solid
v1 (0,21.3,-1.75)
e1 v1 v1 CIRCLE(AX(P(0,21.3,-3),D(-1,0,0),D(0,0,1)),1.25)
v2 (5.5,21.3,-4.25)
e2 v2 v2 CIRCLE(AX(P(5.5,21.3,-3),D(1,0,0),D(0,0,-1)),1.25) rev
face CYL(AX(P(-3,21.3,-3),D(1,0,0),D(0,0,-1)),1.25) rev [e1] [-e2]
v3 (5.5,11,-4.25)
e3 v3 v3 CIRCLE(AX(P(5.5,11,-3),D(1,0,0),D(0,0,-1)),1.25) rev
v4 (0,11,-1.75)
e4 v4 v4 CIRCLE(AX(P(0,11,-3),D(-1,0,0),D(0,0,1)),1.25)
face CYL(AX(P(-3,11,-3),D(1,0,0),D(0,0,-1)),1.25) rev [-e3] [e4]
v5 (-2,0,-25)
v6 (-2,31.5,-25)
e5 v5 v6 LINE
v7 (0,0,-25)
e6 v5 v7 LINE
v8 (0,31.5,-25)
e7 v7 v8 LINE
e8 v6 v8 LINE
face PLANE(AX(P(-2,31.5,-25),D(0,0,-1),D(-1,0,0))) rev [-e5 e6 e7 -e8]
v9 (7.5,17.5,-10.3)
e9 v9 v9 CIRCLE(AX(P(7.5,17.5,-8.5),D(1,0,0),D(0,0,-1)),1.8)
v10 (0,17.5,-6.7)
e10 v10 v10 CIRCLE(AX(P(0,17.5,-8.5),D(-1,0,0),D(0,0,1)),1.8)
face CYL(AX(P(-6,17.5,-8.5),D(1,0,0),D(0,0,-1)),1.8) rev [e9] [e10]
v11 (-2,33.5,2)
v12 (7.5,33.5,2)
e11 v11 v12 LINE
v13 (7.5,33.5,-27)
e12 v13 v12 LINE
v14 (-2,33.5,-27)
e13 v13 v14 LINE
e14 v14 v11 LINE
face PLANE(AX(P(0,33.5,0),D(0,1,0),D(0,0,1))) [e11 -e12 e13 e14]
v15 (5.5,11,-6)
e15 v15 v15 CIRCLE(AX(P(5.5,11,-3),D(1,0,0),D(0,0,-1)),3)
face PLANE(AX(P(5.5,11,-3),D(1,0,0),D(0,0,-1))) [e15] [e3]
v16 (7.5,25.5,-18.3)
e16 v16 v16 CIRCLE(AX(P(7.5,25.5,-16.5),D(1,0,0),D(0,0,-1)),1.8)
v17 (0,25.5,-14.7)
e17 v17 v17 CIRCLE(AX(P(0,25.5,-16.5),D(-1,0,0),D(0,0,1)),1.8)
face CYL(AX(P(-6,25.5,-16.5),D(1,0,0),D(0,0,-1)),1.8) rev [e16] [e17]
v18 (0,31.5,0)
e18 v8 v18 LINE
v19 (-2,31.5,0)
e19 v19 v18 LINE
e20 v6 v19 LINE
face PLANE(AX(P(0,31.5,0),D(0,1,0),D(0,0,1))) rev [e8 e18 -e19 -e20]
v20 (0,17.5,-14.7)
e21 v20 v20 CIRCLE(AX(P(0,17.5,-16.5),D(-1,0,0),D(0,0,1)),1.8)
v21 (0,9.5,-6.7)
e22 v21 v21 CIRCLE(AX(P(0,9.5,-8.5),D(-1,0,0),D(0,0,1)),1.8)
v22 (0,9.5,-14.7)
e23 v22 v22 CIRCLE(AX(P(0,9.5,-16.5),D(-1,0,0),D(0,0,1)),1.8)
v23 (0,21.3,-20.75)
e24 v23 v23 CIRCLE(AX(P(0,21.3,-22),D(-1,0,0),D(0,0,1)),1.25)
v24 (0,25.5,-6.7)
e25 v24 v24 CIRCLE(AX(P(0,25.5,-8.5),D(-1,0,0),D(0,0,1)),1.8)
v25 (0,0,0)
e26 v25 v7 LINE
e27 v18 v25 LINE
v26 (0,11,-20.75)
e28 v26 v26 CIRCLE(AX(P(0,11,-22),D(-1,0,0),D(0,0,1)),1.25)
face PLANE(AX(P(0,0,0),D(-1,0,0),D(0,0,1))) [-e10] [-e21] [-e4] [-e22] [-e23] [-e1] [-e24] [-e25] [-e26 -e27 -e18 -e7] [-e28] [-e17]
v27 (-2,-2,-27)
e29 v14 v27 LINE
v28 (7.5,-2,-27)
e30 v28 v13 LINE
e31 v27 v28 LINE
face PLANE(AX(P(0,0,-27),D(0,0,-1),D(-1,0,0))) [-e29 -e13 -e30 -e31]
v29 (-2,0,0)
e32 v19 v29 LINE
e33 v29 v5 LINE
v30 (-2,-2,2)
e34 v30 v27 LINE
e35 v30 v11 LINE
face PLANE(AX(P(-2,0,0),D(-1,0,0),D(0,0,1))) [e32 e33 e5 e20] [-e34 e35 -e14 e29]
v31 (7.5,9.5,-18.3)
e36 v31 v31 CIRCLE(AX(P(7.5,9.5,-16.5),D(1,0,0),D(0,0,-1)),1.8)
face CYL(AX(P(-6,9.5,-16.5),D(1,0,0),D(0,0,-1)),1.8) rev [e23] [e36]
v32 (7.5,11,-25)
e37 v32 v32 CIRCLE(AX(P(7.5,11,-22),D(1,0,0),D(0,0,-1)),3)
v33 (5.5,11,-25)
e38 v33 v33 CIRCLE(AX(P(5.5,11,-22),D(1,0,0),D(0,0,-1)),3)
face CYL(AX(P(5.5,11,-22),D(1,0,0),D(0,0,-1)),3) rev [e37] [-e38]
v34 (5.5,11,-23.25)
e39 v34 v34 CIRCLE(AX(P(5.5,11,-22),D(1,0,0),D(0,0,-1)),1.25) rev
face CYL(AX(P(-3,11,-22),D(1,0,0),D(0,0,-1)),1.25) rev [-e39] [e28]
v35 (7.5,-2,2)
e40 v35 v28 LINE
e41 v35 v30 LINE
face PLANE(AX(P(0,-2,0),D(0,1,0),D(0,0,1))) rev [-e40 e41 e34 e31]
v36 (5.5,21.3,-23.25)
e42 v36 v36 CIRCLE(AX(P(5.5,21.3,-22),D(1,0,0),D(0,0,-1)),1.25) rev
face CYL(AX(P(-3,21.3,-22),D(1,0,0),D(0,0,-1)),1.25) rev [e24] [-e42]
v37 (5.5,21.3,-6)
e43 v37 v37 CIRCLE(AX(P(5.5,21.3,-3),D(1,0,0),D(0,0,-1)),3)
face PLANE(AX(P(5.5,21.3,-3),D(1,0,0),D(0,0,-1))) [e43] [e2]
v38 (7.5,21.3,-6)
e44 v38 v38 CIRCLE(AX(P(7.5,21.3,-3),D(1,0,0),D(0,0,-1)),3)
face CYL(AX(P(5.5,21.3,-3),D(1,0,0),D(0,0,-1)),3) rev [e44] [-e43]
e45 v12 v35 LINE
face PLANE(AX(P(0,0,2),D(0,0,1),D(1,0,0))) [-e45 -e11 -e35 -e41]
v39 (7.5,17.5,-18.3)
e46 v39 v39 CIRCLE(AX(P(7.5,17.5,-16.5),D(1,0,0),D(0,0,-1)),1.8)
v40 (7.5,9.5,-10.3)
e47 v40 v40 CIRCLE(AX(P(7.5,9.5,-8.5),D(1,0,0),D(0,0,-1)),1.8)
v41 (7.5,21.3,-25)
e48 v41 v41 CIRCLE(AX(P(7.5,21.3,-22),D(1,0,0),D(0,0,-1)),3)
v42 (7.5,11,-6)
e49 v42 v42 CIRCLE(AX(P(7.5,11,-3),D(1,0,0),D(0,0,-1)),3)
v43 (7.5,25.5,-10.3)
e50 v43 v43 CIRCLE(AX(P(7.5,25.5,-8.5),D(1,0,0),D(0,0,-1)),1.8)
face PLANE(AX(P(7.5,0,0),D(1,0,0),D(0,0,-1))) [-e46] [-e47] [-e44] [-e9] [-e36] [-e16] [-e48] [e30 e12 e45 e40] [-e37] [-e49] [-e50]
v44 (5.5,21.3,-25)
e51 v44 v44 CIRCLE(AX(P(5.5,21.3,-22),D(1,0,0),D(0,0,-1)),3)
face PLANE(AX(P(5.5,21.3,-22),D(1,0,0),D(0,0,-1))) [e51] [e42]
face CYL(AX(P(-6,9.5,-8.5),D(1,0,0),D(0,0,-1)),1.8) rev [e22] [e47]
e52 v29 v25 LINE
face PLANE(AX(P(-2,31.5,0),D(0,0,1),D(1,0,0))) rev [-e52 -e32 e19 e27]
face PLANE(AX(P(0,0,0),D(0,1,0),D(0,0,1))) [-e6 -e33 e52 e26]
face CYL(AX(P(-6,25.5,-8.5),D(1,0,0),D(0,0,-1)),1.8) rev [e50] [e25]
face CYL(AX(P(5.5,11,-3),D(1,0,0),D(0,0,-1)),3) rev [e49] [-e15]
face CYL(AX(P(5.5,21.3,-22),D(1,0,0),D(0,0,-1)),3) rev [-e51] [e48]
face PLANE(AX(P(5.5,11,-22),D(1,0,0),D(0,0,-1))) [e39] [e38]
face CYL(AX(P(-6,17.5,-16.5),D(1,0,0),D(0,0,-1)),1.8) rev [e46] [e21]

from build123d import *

# Parameters (mm, degrees)
SKETCH_1_W          = 25
SKETCH_1_H          = 31.5
EXTRUDE_1_DEPTH     = 2
SKETCH_2_R          = 1.25
CUT_EXTRUDE_1_DEPTH = 5
SKETCH_3_W          = 2
SKETCH_3_H          = 31.5
EXTRUDE_2_DEPTH     = 2
SKETCH_4_W          = 2
SKETCH_4_H          = 31.5
EXTRUDE_3_DEPTH     = 2
SKETCH_5_W          = 2
SKETCH_5_H          = 31.5
EXTRUDE_4_DEPTH     = 2
SKETCH_6_W          = 2
SKETCH_6_H          = 31.5
EXTRUDE_5_DEPTH     = 2
SKETCH_7_W          = 4
SKETCH_7_H          = 29
EXTRUDE_6_DEPTH     = 2
SKETCH_8_W          = 4
SKETCH_8_H          = 29
EXTRUDE_7_DEPTH     = 2
EXTRUDE_START       = 3
SKETCH_9_W          = 29
SKETCH_9_H          = 35.5
SKETCH_9_R          = 1.25
EXTRUDE_8_DEPTH     = 3
EXTRUDE_START_2     = 2.5
SKETCH_11_W         = 29
SKETCH_11_H         = 35.5
SKETCH_11_R         = 1.25
EXTRUDE_9_DEPTH     = 2.5
SKETCH_12_R         = 1.8
CUT_EXTRUDE_2_DEPTH = 13.5
SKETCH_13_R         = 3
CUT_EXTRUDE_3_DEPTH = 2


with BuildPart() as part:
    # 草圖1 → 填料-伸長1 (new body)
    with BuildSketch(Plane(origin=(0, 0, 0), x_dir=(0, 0, -1), z_dir=(1, 0, 0))):
        with Locations((12.5, 15.75)):
            Rectangle(SKETCH_1_W, SKETCH_1_H)
    extrude(amount=EXTRUDE_1_DEPTH)

    # 草圖2 → 除料-伸長1 (cut)
    with BuildSketch(Plane(origin=(2, 0, 0), x_dir=(0, 0, -1), z_dir=(1, 0, 0))):
        with Locations((22, 21.3)):
            Circle(SKETCH_2_R)
        with Locations((22, 11)):
            Circle(SKETCH_2_R)
        with Locations((3, 21.3)):
            Circle(SKETCH_2_R)
        with Locations((3, 11)):
            Circle(SKETCH_2_R)
    extrude(amount=-CUT_EXTRUDE_1_DEPTH, mode=Mode.SUBTRACT)

    # 草圖3 → 填料-伸長2 (add)
    with BuildSketch(Plane.XY):
        with Locations((1, 15.75)):
            Rectangle(SKETCH_3_W, SKETCH_3_H)
    extrude(amount=EXTRUDE_2_DEPTH)

    # 草圖4 → 填料-伸長3 (add)
    with BuildSketch(Plane(origin=(0, 0, -25), x_dir=(-1, 0, 0), z_dir=(0, 0, -1))):
        with Locations((-1, 15.75)):
            Rectangle(SKETCH_4_W, SKETCH_4_H)
    extrude(amount=EXTRUDE_3_DEPTH)

    # 草圖5 → 填料-伸長4 (add)
    with BuildSketch(Plane.ZY):
        with Locations((-26, 15.75)):
            Rectangle(SKETCH_5_W, SKETCH_5_H)
    extrude(amount=EXTRUDE_4_DEPTH)

    # 草圖6 → 填料-伸長5 (add)
    with BuildSketch(Plane.ZY):
        with Locations((1, 15.75)):
            Rectangle(SKETCH_6_W, SKETCH_6_H)
    extrude(amount=EXTRUDE_5_DEPTH)

    # 草圖7 → 填料-伸長6 (add)
    with BuildSketch(Plane(origin=(0, 31.5, 0), x_dir=(1, 0, 0), z_dir=(0, 1, 0))):
        with Locations((0, 12.5)):
            Rectangle(SKETCH_7_W, SKETCH_7_H)
    extrude(amount=EXTRUDE_6_DEPTH)

    # 草圖8 → 填料-伸長7 (add)
    with BuildSketch(Plane(origin=(0, 0, 0), x_dir=(-1, 0, 0), z_dir=(0, -1, 0))):
        with Locations((0, 12.5)):
            Rectangle(SKETCH_8_W, SKETCH_8_H)
    extrude(amount=EXTRUDE_7_DEPTH)

    # 草圖9 → 填料-伸長8 (add)
    with BuildSketch(Plane(origin=(2, 0, 0), x_dir=(0, 0, -1), z_dir=(1, 0, 0)).offset(EXTRUDE_START)):
        with Locations((12.5, 15.75)):
            Rectangle(SKETCH_9_W, SKETCH_9_H)
        with Locations((3, 21.3)):
            Circle(SKETCH_9_R, mode=Mode.SUBTRACT)
        with Locations((22, 21.3)):
            Circle(SKETCH_9_R, mode=Mode.SUBTRACT)
        with Locations((22, 11)):
            Circle(SKETCH_9_R, mode=Mode.SUBTRACT)
        with Locations((3, 11)):
            Circle(SKETCH_9_R, mode=Mode.SUBTRACT)
    extrude(amount=-EXTRUDE_8_DEPTH)

    # 草圖11 → 填料-伸長9 (add)
    with BuildSketch(Plane(origin=(5, 0, 0), x_dir=(0, 0, -1), z_dir=(1, 0, 0)).offset(EXTRUDE_START_2)):
        with Locations((12.5, 15.75)):
            Rectangle(SKETCH_11_W, SKETCH_11_H)
        with Locations((3, 21.3)):
            Circle(SKETCH_11_R, mode=Mode.SUBTRACT)
        with Locations((22, 21.3)):
            Circle(SKETCH_11_R, mode=Mode.SUBTRACT)
        with Locations((22, 11)):
            Circle(SKETCH_11_R, mode=Mode.SUBTRACT)
        with Locations((3, 11)):
            Circle(SKETCH_11_R, mode=Mode.SUBTRACT)
    extrude(amount=-EXTRUDE_9_DEPTH)

    # 草圖12 → 除料-伸長2 (cut)
    with BuildSketch(Plane(origin=(7.5, 0, 0), x_dir=(0, 0, -1), z_dir=(1, 0, 0))):
        with Locations((8.5, 25.5)):
            Circle(SKETCH_12_R)
        with Locations((16.5, 25.5)):
            Circle(SKETCH_12_R)
        with Locations((16.5, 17.5)):
            Circle(SKETCH_12_R)
        with Locations((16.5, 9.5)):
            Circle(SKETCH_12_R)
        with Locations((8.5, 9.5)):
            Circle(SKETCH_12_R)
        with Locations((8.5, 17.5)):
            Circle(SKETCH_12_R)
    extrude(amount=-CUT_EXTRUDE_2_DEPTH, mode=Mode.SUBTRACT)

    # 草圖13 → 除料-伸長3 (cut)
    with BuildSketch(Plane(origin=(7.5, 0, 0), x_dir=(0, 0, -1), z_dir=(1, 0, 0))):
        with Locations((3, 21.3)):
            Circle(SKETCH_13_R)
        with Locations((3, 11)):
            Circle(SKETCH_13_R)
        with Locations((22, 11)):
            Circle(SKETCH_13_R)
        with Locations((22, 21.3)):
            Circle(SKETCH_13_R)
    extrude(amount=-CUT_EXTRUDE_3_DEPTH, mode=Mode.SUBTRACT)


solid = part.part
